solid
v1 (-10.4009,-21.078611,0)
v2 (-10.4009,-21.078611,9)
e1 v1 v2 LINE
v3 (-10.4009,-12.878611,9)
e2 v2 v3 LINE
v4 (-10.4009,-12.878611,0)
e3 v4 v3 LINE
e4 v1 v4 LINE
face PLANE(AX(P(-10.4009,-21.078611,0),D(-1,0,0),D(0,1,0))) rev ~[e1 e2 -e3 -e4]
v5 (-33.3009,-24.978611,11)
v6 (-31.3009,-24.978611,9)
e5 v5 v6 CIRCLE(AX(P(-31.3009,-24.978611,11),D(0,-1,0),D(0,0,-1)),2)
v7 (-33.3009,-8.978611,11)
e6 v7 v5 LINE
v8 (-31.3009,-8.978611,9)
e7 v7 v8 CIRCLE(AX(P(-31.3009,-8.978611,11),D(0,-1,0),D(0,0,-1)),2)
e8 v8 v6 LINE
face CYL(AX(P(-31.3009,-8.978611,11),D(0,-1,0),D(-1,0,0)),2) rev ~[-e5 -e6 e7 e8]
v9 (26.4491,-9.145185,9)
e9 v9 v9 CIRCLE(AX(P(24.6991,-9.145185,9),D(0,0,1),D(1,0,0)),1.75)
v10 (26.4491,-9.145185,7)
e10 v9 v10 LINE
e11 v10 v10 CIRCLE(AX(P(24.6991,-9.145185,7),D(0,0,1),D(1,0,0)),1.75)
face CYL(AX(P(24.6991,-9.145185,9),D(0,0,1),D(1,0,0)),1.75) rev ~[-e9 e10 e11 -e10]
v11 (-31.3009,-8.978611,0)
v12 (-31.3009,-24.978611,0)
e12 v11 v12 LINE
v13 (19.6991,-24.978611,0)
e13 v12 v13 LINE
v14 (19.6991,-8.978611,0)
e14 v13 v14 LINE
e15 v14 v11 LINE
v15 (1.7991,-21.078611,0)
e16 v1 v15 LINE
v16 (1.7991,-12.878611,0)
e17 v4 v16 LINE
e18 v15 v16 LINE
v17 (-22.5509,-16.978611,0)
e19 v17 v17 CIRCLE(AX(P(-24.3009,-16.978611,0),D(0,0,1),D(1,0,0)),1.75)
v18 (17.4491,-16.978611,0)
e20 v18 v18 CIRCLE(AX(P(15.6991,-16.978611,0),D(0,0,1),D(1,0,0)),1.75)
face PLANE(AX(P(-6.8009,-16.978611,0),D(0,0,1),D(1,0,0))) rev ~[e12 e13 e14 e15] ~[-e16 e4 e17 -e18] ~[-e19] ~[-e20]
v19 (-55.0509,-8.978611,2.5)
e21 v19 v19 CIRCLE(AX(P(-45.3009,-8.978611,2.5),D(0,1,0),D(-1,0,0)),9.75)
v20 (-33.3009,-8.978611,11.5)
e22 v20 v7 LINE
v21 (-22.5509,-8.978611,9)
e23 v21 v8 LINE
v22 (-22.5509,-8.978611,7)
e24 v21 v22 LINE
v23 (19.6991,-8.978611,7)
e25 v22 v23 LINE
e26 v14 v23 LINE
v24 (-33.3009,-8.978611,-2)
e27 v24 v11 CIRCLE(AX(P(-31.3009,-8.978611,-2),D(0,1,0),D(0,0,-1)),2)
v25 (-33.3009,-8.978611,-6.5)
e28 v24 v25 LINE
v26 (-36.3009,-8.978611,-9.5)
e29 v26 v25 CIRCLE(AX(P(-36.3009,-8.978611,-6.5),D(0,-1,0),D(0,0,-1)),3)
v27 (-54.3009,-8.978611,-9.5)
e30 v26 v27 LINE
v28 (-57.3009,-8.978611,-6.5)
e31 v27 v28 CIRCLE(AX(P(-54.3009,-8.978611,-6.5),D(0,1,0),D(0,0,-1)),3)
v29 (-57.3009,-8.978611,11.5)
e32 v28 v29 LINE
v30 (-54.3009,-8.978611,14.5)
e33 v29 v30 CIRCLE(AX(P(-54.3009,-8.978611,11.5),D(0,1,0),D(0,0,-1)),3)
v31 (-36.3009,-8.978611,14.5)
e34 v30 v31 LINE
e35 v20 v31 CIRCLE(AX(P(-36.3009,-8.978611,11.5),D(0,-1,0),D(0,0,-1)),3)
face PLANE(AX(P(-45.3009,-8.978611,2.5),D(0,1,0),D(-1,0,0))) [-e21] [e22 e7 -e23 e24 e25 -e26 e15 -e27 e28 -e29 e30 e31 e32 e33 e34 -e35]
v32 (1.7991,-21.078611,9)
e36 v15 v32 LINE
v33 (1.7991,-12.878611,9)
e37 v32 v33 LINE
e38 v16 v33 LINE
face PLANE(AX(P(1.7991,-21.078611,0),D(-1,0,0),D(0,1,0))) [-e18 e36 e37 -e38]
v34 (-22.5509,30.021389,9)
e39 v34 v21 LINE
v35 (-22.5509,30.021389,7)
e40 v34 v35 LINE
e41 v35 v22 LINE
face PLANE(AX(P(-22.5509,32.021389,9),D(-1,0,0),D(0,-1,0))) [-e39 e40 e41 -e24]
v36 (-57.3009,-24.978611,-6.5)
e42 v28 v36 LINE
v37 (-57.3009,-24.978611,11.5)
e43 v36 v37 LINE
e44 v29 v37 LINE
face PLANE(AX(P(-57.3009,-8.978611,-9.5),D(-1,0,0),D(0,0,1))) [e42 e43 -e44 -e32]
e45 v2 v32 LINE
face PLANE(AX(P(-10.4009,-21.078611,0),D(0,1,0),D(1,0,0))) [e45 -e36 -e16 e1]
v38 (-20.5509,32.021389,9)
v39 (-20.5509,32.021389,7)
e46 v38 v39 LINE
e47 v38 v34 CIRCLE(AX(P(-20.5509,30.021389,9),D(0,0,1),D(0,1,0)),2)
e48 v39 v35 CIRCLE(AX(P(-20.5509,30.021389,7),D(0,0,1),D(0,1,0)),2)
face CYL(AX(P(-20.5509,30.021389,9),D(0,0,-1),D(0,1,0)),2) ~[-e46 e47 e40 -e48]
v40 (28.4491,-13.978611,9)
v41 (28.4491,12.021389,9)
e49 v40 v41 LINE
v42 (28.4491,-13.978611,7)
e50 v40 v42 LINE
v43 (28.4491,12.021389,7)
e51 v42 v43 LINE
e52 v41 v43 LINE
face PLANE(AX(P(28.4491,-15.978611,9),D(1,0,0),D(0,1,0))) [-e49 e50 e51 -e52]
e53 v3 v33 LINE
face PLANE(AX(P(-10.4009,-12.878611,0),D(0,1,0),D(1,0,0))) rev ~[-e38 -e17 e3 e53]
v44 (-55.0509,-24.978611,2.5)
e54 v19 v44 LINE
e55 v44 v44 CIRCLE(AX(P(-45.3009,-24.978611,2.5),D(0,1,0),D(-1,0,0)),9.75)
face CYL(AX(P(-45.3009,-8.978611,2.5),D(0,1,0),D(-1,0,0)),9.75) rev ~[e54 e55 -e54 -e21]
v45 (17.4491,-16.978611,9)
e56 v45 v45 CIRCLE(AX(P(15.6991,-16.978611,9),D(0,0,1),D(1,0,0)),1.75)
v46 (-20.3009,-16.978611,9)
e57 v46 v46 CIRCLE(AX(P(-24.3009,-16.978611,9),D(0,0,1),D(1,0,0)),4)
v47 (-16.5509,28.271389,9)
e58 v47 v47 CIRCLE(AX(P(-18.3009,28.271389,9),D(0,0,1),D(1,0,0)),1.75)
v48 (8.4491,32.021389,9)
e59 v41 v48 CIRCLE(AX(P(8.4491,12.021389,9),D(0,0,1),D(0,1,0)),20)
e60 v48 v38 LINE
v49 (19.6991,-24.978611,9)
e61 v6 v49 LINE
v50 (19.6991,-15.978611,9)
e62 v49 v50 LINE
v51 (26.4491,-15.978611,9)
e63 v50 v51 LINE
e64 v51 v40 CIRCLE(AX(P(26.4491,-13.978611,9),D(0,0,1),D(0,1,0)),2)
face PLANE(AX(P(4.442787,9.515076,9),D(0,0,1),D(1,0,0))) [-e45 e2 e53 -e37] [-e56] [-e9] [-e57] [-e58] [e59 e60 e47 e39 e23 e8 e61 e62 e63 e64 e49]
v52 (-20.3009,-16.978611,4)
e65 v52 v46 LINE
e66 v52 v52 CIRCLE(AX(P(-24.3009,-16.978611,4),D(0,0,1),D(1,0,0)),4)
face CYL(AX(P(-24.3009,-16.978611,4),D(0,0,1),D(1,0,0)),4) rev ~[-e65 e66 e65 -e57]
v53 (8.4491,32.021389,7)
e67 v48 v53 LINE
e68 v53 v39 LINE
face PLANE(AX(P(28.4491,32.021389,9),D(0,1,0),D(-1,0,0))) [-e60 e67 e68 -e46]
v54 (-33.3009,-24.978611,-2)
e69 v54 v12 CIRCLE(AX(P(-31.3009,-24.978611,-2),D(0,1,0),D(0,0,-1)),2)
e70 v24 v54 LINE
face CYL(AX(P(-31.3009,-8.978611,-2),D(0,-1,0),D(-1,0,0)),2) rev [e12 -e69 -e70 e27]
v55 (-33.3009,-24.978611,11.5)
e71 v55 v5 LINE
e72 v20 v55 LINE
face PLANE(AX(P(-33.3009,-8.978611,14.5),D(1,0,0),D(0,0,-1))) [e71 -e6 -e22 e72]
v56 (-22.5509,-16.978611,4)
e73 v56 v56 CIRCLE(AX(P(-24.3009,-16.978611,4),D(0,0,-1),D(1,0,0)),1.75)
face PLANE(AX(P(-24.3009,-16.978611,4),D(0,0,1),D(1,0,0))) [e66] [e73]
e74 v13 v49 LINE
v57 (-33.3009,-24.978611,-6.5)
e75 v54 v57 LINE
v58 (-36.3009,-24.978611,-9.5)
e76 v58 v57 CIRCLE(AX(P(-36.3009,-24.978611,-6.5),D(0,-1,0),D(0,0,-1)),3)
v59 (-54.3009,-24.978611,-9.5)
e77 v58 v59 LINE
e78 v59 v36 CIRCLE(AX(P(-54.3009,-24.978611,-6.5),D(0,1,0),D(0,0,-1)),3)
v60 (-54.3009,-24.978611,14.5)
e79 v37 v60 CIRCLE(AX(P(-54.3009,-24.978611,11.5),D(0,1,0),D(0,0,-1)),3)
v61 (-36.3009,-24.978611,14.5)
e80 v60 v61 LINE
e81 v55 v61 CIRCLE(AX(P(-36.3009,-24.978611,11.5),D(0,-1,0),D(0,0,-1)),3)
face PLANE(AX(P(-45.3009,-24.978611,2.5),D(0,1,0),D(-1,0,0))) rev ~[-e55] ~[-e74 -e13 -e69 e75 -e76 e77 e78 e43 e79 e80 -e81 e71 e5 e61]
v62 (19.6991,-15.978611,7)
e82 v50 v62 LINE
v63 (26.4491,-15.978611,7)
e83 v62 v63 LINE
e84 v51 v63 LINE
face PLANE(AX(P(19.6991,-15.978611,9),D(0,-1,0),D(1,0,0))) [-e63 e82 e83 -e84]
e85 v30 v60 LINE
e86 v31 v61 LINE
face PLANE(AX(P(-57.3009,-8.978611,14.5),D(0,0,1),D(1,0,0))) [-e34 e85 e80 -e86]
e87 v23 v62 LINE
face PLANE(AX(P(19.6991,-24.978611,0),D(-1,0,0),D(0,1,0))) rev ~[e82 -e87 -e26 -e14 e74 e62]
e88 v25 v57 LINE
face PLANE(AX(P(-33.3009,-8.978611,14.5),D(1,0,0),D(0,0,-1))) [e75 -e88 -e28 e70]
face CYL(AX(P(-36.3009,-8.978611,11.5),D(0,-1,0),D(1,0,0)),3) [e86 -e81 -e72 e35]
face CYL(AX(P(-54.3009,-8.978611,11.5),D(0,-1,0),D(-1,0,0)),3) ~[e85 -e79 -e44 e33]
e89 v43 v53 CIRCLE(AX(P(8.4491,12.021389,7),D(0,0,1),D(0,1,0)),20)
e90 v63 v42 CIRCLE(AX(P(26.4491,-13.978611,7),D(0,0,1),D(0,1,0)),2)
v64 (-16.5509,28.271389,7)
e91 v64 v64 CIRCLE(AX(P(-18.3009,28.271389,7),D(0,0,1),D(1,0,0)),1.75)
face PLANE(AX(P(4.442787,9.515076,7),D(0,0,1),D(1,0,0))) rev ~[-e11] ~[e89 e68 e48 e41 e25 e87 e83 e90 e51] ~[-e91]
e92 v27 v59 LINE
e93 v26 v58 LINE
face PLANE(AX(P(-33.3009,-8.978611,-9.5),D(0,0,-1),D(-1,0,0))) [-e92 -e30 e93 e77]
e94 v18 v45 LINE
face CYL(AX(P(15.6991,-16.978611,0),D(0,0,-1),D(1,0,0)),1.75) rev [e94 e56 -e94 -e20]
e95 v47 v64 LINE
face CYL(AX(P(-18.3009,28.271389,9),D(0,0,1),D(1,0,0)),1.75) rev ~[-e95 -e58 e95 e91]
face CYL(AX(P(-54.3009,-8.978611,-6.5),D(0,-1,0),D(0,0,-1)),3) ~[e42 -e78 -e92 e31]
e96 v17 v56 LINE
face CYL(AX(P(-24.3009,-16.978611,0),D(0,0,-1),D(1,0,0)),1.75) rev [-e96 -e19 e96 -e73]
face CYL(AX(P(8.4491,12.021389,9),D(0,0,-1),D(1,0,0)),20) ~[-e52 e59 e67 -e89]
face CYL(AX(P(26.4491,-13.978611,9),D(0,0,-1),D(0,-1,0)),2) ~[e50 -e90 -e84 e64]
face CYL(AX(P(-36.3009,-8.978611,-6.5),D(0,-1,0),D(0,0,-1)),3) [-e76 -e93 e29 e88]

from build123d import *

# Parameters (mm, degrees)
F0_R            = 1.75
F0_W            = 12.2
F0_H            = 8.2
F1_DEPTH        = 9
F2_R            = 9.75
F3_DEPTH        = 16
F4_R            = 3
F6_R            = 2
F7_R            = 1.75
F8_DEPTH        = 2
F9_DEPTH        = 2
F10_R           = 2
F11_R           = 20
F13_D           = 3.5
F13_CBORE_D     = 8
F13_CBORE_DEPTH = 5


with BuildPart() as f1:
    # F0 (on Top) → F1 (new body)
    with BuildSketch(Plane.XY):
        Polygon((19.6991001874, -8.9786109865), (-33.3008998126, -8.9786109865), (-33.3008998126, -24.9786109865), (-24.3008998126, -24.9786109865), (19.6991001874, -24.9786109865), align=None)
        with Locations((-24.3008998126, -16.9786109865)):
            Circle(F0_R, mode=Mode.SUBTRACT)
        with Locations((-4.3008998126, -16.9786109865)):
            Rectangle(F0_W, F0_H, mode=Mode.SUBTRACT)
        with Locations((15.6991001874, -16.9786109865)):
            Circle(F0_R, mode=Mode.SUBTRACT)
    extrude(amount=F1_DEPTH)


with BuildPart() as f3:
    # F2 (on face) → F3 (new body)
    with BuildSketch(Plane(origin=(0, -8.9786109865, 0), x_dir=(-1, 0, 0), z_dir=(0, 1, 0))):
        Polygon((33.3008998126, 9), (33.3008998126, 0), (33.3008998126, -9.5), (57.3008998126, -9.5), (57.3008998126, 14.5), (33.3008998126, 14.5), align=None)
        with Locations((45.3008998126, 2.5)):
            Circle(F2_R, mode=Mode.SUBTRACT)
    extrude(amount=-F3_DEPTH)

    # F4
    f4_edges = [f3.edges().sort_by_distance(p)[0] for p in [
        (-33.3009, -16.978611, 14.5),
        (-57.3009, -16.978611, 14.5),
        (-57.3009, -16.978611, -9.5),
        (-33.3009, -16.978611, -9.5),
    ]]
    fillet(f4_edges, radius=F4_R)


with BuildPart() as f1_1:
    add(f1.part)

    # F5: union F3
    add(f3.part)

    # F6
    f6_edges = [f1_1.edges().sort_by_distance(p)[0] for p in [
        (-33.3009, -16.978611, 0),
        (-33.3009, -16.978611, 9),
    ]]
    fillet(f6_edges, radius=F6_R)

    # F7 (on face) → F8 (join)
    with BuildSketch(Plane.XY.offset(9)):
        Polygon((19.6991001874, -8.9786109865), (19.6991001874, -15.9786109865), (28.4491001874, -15.9786109865), (28.4491001874, 32.0213890135), (-22.5508998126, 32.0213890135), (-22.5508998126, -8.9786109865), align=None)
        with Locations((24.6991001874, -9.1451848542)):
            Circle(F7_R, mode=Mode.SUBTRACT)
        with Locations((-18.3008998126, 28.2713890135)):
            Circle(F7_R, mode=Mode.SUBTRACT)
        with Locations((-18.3008998126, 28.2713890135)):
            Circle(F7_R)
        with Locations((24.6991001874, -9.1451848542)):
            Circle(F7_R)
    extrude(amount=-F8_DEPTH)

    # F7 (on face) → F9 (cut, through all)
    with BuildSketch(Plane.XY.offset(9)):
        with Locations((-18.3008998126, 28.2713890135)):
            Circle(F7_R)
        with Locations((24.6991001874, -9.1451848542)):
            Circle(F7_R)
    extrude(amount=-F9_DEPTH, mode=Mode.SUBTRACT)

    # F10
    f10_edges = [f1_1.edges().sort_by_distance(p)[0] for p in [
        (-22.5509, 32.021389, 8),
        (28.4491, -15.978611, 8),
    ]]
    fillet(f10_edges, radius=F10_R)

    # F11
    f11_edges = [f1_1.edges().sort_by_distance(p)[0] for p in [
        (28.4491, 32.021389, 8),
    ]]
    fillet(f11_edges, radius=F11_R)

    # F13 (through all)
    with Locations(Plane.XY.offset(9)):
        with Locations((-24.3008998126, -16.9786109865)):
            CounterBoreHole(F13_D / 2, F13_CBORE_D / 2, F13_CBORE_DEPTH)


solid = f1_1.part
